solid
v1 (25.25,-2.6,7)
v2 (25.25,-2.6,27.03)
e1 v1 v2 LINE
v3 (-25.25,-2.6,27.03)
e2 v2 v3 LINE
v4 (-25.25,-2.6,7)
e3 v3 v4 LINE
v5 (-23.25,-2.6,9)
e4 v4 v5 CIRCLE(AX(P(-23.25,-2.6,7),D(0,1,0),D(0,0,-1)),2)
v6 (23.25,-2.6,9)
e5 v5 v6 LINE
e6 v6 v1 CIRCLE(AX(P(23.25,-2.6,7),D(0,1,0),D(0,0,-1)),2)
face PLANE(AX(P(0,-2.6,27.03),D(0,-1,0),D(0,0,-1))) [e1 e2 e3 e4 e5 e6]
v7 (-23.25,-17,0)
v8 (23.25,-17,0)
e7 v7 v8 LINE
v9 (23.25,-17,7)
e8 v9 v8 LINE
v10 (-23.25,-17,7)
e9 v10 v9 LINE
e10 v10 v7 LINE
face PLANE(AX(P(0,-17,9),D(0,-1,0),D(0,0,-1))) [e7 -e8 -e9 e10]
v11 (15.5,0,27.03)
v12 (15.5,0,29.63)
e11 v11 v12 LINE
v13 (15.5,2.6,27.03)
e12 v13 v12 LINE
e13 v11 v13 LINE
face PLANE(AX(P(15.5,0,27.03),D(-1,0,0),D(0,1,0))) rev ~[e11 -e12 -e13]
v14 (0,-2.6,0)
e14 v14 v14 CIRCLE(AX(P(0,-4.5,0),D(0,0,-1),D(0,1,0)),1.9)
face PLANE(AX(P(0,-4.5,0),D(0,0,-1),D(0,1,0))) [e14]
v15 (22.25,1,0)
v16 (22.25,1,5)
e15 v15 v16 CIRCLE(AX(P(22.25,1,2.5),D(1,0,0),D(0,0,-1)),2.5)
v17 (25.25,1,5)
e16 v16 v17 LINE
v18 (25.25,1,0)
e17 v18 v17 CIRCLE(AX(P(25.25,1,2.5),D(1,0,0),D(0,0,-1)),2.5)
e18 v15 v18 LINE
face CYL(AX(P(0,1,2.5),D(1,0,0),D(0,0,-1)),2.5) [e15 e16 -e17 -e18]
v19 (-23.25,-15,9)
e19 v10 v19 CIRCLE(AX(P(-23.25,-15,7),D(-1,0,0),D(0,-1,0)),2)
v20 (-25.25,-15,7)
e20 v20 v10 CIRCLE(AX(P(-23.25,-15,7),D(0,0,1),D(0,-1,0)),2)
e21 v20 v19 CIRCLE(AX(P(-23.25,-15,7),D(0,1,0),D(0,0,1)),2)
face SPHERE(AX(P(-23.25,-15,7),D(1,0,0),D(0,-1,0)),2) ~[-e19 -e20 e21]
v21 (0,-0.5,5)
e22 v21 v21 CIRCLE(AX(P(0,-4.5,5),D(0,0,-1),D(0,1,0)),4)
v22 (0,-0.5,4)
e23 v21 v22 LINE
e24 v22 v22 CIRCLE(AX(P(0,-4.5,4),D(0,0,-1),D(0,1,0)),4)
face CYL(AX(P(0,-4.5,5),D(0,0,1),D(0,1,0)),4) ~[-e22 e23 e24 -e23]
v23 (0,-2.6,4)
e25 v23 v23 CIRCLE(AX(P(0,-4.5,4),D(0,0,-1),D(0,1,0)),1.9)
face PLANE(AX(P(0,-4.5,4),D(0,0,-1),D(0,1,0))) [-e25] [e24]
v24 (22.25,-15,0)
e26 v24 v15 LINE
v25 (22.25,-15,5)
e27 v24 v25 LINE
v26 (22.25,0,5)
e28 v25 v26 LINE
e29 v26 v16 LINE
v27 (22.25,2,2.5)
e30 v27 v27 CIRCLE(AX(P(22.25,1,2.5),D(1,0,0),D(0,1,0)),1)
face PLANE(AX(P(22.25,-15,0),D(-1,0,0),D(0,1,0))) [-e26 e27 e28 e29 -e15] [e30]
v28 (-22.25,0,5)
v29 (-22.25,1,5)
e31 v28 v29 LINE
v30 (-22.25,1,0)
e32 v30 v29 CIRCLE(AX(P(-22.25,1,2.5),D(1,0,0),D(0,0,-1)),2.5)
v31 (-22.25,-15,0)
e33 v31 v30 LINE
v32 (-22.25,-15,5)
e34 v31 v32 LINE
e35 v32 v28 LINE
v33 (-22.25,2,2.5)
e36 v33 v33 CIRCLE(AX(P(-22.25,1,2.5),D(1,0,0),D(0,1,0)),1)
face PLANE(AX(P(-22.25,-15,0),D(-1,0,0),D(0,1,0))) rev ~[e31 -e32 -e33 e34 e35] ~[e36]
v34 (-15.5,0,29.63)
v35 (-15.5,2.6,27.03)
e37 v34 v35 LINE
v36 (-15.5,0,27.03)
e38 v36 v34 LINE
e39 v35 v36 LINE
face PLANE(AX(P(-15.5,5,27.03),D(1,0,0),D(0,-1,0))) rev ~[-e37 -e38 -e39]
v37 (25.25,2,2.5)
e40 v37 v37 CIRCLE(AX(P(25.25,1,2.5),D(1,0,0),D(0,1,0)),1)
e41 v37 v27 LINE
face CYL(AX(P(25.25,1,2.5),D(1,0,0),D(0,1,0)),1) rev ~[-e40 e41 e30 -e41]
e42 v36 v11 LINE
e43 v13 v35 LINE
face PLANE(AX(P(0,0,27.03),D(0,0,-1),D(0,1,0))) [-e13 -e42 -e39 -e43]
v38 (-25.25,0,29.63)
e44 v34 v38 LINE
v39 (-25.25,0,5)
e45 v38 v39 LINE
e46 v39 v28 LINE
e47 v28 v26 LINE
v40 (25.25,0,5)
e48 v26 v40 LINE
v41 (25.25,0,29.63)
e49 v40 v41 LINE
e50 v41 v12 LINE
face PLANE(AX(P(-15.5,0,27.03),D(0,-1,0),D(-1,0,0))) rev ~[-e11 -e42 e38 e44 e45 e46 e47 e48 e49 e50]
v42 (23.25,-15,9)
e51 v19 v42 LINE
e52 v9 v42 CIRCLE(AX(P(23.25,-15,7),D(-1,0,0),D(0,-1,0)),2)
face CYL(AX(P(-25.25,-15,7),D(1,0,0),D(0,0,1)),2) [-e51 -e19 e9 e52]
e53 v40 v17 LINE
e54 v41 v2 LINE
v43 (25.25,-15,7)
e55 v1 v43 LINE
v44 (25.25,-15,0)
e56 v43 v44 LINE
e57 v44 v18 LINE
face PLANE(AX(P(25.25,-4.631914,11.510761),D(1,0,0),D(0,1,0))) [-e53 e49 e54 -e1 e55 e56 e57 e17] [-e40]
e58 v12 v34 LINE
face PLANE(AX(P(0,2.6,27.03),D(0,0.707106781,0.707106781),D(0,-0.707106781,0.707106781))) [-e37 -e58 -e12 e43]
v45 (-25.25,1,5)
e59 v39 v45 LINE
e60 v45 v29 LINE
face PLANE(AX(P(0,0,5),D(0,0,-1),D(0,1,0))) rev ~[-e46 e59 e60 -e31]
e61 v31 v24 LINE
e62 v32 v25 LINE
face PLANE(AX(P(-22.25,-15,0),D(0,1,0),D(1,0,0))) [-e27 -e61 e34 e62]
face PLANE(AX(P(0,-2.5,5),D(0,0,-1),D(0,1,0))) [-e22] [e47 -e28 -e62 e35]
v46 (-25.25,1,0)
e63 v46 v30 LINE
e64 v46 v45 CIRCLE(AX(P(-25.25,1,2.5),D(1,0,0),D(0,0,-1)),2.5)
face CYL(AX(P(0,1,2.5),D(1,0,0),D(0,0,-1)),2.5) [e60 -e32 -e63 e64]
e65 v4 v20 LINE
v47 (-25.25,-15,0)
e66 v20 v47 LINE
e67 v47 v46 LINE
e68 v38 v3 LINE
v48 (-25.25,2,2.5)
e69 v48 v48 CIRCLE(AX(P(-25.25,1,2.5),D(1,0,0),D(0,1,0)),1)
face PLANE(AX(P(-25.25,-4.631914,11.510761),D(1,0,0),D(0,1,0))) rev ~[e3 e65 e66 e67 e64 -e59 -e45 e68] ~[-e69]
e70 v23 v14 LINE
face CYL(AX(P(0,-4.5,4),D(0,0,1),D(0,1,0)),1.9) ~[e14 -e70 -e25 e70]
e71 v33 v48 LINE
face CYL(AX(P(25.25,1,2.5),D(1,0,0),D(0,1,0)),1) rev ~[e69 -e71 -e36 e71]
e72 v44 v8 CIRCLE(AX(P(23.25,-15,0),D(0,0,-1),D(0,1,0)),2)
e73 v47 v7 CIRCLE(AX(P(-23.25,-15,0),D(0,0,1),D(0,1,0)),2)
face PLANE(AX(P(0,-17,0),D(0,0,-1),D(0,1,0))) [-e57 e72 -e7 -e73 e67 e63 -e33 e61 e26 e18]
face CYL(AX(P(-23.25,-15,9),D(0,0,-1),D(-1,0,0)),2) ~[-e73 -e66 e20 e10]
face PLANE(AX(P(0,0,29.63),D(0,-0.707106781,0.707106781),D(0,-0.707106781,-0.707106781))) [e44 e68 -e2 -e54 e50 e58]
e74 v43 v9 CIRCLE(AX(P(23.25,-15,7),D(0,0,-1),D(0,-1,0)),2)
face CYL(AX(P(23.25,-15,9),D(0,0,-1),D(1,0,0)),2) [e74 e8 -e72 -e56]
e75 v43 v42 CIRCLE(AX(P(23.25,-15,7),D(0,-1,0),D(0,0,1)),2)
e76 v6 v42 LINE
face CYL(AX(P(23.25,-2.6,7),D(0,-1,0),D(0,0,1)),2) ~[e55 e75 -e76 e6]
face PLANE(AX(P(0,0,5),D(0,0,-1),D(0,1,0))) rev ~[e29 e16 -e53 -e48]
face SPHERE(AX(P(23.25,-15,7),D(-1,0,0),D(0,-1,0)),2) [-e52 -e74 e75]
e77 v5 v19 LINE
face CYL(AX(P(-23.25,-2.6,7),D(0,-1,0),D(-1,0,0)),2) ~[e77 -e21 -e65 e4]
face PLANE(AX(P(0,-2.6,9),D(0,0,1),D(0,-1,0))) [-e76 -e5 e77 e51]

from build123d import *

# Parameters (mm, degrees)
PAD003_DEPTH    = 25.25
SKETCH008_W     = 25
SKETCH008_H     = 44.5
POCKET_DEPTH    = 5
SKETCH009_R     = 4
PAD004_DEPTH    = 1
SKETCH010_R     = 1.9
PAD005_DEPTH    = 4
POCKET001_DEPTH = 5
SKETCH012_R     = 1
POCKET002_DEPTH = 50.501
FILLET_R        = 2


with BuildPart() as part:
    # Sketch003 → Pad003 (new body, symmetric)
    with BuildSketch(Plane.YZ):
        with BuildLine():
            Line((-2.6, 27.03), (-2.6, 9))
            Line((-2.6, 9), (-17, 9))
            Line((-17, 9), (-17, 0))
            Line((-17, 0), (1, 0))
            ThreePointArc((1, 0), (3.5, 2.5), (1, 5))
            Line((0, 5), (1, 5))
            Line((0, 5), (0, 27.03))
            Line((0, 27.03), (2.6, 27.03))
            Line((2.6, 27.03), (0, 29.63))
            Line((0, 29.63), (-2.6, 27.03))
        make_face()
    extrude(amount=PAD003_DEPTH, both=True)

    # Sketch008 (on Face8 of Pad003) → Pocket (cut)
    with BuildSketch(Plane.YX):
        with Locations((-2.5, 0)):
            Rectangle(SKETCH008_W, SKETCH008_H)
    extrude(amount=-POCKET_DEPTH, mode=Mode.SUBTRACT)

    # Sketch009 (on Face3 of Pocket) → Pad004 (join)
    with BuildSketch(Plane.YX.offset(-5)):
        with Locations((-4.5, 0)):
            Circle(SKETCH009_R)
    extrude(amount=PAD004_DEPTH)

    # Sketch010 (on Face20 of Pad004) → Pad005 (join)
    with BuildSketch(Plane.YX.offset(-4)):
        with Locations((-4.5, 0)):
            Circle(SKETCH010_R)
    extrude(amount=PAD005_DEPTH)

    # Sketch011 (on Face5 of Pad005) → Pocket001 (cut)
    with BuildSketch(Plane.YX.offset(-27.03)):
        Polygon((0, 15.5), (5, 15.5), (5, -15.5), (0, -15.5), (0, -30), (22, -30), (22, 30), (0, 30), align=None)
    extrude(amount=-POCKET001_DEPTH, mode=Mode.SUBTRACT)

    # Sketch012 (on Face9 of Pocket001) → Pocket002 (cut, through all)
    with BuildSketch(Plane.YZ.offset(25.25)):
        with Locations((1, 2.5)):
            Circle(SKETCH012_R)
    extrude(amount=-POCKET002_DEPTH, mode=Mode.SUBTRACT)

    # Fillet
    fillet_edges = [part.edges().sort_by_distance(p)[0] for p in [
        (0, -17, 9),
        (25.25, -17, 4.5),
        (25.25, -9.8, 9),
        (-25.25, -17, 4.5),
        (-25.25, -9.8, 9),
    ]]
    fillet(fillet_edges, radius=FILLET_R)


solid = part.part
